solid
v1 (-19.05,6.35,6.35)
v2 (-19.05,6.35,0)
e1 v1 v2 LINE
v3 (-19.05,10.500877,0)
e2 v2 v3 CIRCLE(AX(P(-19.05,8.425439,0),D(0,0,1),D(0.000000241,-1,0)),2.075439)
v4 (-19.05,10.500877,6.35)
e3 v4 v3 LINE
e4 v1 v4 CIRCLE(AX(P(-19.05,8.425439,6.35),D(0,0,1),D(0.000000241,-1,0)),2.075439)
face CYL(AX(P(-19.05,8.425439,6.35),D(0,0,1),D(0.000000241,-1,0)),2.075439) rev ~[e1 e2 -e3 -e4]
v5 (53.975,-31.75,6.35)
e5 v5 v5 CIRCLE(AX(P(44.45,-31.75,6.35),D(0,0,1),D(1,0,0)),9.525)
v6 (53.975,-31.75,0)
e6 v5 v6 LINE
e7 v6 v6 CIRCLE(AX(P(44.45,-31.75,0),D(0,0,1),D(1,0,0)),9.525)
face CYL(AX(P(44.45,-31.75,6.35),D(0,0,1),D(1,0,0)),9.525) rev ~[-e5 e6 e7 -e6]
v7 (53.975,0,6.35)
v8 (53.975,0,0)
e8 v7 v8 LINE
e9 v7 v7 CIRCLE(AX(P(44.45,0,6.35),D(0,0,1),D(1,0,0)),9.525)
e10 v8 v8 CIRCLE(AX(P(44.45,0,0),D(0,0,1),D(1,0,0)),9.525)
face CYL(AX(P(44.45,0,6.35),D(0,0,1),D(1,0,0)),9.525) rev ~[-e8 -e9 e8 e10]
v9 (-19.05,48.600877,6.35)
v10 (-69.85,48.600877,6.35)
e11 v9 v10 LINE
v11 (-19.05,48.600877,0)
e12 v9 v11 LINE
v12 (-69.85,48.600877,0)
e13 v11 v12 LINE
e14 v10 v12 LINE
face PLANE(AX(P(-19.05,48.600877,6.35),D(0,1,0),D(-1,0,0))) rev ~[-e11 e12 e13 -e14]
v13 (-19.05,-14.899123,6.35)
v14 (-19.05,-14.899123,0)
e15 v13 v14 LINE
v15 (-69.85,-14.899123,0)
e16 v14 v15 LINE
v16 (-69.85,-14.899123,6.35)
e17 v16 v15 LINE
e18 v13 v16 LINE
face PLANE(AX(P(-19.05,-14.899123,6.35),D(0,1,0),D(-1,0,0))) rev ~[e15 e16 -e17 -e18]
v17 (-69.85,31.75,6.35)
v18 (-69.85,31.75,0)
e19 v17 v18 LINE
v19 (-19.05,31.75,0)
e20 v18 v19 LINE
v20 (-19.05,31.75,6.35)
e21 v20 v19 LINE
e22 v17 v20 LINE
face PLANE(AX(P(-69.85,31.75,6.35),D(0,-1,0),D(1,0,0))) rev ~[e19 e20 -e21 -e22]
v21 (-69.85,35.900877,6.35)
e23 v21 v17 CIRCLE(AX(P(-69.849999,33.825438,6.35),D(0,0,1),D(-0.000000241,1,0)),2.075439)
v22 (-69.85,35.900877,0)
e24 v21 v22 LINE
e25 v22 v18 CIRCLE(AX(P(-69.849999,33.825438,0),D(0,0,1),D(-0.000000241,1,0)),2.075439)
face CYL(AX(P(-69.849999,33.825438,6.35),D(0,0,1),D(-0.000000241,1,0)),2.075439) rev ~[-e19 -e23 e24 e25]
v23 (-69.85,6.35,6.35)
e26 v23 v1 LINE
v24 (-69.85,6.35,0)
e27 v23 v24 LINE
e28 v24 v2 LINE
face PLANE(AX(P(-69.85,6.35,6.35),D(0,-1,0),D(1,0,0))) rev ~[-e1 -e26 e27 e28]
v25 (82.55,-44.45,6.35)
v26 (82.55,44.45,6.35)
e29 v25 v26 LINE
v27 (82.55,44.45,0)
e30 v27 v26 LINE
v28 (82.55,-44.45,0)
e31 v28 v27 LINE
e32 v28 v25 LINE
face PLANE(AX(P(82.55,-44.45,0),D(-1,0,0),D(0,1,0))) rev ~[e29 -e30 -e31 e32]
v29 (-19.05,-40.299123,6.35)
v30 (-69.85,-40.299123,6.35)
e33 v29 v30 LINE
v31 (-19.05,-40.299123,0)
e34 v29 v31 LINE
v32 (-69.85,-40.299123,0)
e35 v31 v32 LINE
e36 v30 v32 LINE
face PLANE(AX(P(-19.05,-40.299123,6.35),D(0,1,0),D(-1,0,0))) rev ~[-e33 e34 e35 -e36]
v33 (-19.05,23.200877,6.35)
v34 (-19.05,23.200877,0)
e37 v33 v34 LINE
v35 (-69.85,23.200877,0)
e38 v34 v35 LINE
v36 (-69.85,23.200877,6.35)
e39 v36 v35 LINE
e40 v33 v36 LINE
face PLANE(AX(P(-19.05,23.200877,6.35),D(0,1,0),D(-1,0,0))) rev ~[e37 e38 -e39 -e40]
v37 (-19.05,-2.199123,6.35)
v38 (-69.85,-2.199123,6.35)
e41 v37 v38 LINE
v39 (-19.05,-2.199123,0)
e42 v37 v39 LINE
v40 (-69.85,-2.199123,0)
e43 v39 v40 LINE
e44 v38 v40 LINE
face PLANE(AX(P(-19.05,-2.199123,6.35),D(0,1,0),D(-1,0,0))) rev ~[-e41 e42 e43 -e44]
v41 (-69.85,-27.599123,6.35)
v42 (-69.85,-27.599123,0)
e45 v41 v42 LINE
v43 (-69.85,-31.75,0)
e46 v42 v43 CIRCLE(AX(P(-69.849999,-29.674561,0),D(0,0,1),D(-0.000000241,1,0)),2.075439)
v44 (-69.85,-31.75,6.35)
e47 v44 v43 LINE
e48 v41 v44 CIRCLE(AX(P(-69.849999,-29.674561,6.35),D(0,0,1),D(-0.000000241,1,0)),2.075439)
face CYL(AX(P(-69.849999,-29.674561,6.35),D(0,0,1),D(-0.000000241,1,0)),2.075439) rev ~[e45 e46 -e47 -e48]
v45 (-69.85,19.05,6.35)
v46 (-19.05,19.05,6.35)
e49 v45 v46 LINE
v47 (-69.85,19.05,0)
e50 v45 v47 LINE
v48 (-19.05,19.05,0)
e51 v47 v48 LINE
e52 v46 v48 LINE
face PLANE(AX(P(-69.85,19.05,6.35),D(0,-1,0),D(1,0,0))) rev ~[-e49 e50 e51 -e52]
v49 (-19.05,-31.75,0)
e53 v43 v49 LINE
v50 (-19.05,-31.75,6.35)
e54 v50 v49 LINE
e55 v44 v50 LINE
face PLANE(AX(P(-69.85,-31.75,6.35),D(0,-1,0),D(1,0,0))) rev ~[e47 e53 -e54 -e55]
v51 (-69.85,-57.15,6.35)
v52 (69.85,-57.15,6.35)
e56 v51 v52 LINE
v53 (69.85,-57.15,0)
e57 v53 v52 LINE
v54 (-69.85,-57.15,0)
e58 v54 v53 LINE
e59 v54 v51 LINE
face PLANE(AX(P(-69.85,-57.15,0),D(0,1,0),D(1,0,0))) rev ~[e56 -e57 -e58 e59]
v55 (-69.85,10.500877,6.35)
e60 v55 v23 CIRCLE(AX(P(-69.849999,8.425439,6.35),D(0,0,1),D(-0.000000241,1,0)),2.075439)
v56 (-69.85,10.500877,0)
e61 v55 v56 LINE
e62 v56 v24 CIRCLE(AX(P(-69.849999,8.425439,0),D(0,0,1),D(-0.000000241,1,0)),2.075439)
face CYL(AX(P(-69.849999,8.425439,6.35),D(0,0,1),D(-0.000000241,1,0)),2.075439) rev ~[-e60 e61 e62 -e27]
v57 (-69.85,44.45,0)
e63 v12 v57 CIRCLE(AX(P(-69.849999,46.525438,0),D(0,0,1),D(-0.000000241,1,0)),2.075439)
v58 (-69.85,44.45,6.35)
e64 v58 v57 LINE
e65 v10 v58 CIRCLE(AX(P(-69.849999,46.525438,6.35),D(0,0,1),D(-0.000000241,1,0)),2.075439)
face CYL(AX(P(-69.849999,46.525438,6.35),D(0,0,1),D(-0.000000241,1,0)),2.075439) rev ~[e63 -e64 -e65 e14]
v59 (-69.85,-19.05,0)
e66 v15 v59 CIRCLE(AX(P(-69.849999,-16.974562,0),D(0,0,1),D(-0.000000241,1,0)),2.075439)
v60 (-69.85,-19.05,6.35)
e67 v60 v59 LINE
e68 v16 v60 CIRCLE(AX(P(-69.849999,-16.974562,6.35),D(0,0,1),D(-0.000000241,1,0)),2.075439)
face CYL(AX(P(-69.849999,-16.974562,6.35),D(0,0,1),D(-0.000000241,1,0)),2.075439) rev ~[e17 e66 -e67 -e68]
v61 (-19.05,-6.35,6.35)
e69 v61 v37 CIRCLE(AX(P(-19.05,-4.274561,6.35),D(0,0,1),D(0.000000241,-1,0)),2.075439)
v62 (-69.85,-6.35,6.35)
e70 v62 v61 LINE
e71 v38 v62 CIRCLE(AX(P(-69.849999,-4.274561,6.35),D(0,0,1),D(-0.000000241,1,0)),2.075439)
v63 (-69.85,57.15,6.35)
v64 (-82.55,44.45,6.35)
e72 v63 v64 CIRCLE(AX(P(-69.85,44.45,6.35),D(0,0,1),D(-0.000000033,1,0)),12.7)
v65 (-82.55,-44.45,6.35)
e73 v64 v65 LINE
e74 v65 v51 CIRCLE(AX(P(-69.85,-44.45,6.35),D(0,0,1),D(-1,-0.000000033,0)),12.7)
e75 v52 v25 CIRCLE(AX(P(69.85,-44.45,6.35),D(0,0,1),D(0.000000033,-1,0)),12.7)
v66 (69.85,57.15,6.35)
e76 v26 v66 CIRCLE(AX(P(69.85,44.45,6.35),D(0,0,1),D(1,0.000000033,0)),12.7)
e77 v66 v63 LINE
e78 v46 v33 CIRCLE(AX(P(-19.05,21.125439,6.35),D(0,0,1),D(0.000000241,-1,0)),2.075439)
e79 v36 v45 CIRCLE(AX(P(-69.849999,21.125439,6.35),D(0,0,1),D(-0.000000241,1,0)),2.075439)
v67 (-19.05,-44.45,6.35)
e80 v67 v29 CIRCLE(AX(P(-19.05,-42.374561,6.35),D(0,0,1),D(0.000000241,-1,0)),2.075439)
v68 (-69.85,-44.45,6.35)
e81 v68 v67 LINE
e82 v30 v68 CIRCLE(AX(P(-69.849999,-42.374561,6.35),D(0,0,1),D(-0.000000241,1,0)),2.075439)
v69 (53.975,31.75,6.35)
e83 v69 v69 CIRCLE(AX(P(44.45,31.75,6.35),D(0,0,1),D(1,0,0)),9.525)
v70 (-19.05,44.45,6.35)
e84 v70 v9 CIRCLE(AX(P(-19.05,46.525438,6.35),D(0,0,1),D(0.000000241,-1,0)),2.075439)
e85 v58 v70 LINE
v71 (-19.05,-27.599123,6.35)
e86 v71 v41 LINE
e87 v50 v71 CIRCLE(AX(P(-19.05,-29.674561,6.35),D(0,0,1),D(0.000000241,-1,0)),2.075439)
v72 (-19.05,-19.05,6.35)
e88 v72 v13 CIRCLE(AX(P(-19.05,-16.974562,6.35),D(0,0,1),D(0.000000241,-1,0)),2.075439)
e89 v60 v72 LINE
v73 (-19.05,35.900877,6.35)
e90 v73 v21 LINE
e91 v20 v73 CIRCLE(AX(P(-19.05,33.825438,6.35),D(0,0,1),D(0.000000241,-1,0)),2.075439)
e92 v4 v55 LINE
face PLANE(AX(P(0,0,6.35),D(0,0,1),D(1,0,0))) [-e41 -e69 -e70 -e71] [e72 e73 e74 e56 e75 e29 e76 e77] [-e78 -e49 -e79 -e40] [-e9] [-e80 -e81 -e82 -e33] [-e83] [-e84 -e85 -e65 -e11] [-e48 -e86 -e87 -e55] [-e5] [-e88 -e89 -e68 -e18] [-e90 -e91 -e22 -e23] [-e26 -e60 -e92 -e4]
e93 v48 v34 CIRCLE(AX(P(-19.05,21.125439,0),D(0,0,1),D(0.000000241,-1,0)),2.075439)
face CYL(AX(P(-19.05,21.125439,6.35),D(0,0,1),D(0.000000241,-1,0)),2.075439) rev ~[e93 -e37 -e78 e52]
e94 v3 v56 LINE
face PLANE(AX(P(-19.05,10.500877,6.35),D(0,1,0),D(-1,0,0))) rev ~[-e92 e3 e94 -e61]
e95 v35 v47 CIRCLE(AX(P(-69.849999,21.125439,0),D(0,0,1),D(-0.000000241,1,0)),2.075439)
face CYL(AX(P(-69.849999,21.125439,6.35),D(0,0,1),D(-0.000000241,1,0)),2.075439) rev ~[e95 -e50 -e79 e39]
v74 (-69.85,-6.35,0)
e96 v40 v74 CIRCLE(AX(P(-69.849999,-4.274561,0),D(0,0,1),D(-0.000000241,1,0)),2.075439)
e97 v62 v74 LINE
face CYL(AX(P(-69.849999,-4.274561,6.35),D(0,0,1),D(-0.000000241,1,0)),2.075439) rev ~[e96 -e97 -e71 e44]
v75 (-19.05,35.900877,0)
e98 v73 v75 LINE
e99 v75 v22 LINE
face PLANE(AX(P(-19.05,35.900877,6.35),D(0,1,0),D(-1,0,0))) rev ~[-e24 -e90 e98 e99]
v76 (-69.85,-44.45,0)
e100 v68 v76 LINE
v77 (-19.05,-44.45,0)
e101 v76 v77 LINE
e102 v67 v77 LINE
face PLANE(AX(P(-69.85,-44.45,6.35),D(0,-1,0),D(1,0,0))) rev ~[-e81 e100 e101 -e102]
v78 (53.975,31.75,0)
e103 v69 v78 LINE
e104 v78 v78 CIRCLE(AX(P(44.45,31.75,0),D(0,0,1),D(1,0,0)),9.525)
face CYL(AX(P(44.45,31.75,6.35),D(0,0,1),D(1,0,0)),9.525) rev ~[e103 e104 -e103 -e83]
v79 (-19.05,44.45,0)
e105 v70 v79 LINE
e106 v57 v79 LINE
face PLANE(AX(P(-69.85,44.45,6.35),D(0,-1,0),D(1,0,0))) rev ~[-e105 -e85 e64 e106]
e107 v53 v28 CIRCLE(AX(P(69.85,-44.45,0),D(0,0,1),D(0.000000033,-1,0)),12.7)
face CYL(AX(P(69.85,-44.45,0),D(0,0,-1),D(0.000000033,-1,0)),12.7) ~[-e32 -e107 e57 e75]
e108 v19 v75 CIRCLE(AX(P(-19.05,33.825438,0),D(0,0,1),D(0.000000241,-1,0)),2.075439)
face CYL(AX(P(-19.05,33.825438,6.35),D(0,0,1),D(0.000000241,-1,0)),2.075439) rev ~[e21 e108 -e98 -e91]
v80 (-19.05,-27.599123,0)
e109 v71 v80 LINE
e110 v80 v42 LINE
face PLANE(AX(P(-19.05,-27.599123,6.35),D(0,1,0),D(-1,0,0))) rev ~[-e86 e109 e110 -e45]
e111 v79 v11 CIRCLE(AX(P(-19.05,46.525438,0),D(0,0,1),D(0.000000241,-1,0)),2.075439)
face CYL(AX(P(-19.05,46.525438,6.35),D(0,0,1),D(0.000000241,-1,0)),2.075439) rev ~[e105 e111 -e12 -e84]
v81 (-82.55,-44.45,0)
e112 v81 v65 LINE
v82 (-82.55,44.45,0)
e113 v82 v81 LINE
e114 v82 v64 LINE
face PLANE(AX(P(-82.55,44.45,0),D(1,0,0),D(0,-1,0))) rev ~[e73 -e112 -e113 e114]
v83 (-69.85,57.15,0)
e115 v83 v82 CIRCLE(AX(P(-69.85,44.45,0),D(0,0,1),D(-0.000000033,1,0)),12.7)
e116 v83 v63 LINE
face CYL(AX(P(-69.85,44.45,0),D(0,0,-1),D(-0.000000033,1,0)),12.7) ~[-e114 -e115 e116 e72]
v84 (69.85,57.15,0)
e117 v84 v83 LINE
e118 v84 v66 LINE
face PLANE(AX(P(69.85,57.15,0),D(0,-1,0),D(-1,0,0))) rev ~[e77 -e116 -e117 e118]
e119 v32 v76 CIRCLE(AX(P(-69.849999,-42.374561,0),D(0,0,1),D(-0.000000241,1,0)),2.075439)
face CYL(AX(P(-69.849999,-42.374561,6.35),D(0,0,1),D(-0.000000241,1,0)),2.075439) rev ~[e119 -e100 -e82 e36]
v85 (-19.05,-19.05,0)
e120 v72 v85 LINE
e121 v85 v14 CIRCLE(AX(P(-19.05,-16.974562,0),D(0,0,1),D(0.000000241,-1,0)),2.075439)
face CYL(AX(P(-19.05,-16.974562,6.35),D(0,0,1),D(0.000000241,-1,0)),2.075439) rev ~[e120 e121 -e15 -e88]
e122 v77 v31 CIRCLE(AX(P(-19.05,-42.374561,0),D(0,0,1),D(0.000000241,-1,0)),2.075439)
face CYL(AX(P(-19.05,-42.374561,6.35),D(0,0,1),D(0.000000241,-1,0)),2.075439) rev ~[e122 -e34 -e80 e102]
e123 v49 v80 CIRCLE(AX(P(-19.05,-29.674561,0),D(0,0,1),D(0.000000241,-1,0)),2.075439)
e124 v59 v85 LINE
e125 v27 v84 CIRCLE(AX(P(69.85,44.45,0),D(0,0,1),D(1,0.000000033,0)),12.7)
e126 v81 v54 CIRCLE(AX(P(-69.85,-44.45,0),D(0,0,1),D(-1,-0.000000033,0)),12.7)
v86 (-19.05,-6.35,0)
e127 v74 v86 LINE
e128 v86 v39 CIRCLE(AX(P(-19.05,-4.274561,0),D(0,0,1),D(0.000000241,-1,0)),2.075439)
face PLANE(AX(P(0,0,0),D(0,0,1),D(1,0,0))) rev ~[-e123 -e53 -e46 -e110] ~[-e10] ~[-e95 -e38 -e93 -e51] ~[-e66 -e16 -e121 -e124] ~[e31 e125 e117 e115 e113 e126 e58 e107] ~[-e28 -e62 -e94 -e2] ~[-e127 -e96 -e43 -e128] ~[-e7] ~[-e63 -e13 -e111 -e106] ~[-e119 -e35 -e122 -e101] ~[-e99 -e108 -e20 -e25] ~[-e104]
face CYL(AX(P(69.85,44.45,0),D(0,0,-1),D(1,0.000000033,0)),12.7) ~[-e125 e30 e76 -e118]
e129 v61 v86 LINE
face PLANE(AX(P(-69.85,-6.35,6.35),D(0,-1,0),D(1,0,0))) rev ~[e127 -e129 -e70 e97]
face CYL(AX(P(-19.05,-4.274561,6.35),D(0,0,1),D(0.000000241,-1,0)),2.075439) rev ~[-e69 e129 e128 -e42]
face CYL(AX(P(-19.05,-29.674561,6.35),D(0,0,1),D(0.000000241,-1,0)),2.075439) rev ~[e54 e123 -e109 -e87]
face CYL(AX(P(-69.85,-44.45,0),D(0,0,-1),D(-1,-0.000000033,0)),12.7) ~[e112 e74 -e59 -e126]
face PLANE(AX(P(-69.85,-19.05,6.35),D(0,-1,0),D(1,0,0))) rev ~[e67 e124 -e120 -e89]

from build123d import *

# Parameters (mm, degrees)
F1_DEPTH = 6.35
F3_DEPTH = 6.351
F4_R     = 9.525
F5_DEPTH = 6.351


with BuildPart() as f1:
    # F0 (on Top) → F1 (new body)
    with BuildSketch(Plane.XY):
        with BuildLine():
            ThreePointArc((82.55, 44.45), (78.830256, 53.430256), (69.85, 57.15))
            Line((69.85, 57.15), (-69.85, 57.15))
            ThreePointArc((-69.85, 57.15), (-78.830256, 53.430256), (-82.55, 44.45))
            Line((-82.55, 44.45), (-82.55, -44.45))
            ThreePointArc((-82.55, -44.45), (-78.830256, -53.430256), (-69.85, -57.15))
            Line((-69.85, -57.15), (69.85, -57.15))
            ThreePointArc((69.85, -57.15), (78.830256, -53.430256), (82.55, -44.45))
            Line((82.55, -44.45), (82.55, 44.45))
        make_face()
    extrude(amount=F1_DEPTH)

    # F2 (on face) → F3 (cut, through all)
    with BuildSketch(Plane.XY.offset(6.35)):
        with BuildLine():
            ThreePointArc((-69.85, -40.299123), (-71.925438, -42.374562), (-69.85, -44.45))
            Line((-69.85, -44.45), (-19.05, -44.45))
            ThreePointArc((-19.05, -44.45), (-16.974562, -42.374562), (-19.05, -40.299123))
            Line((-19.05, -40.299123), (-69.85, -40.299123))
        make_face()
        with BuildLine():
            Line((-19.05, -27.599123), (-69.85, -27.599123))
            ThreePointArc((-69.85, -27.599123), (-71.925438, -29.674562), (-69.85, -31.75))
            Line((-69.85, -31.75), (-19.05, -31.75))
            ThreePointArc((-19.05, -31.75), (-16.974562, -29.674562), (-19.05, -27.599123))
        make_face()
        with BuildLine():
            Line((-19.05, -14.899123), (-69.85, -14.899123))
            ThreePointArc((-69.85, -14.899123), (-71.925438, -16.974562), (-69.85, -19.05))
            Line((-69.85, -19.05), (-19.05, -19.05))
            ThreePointArc((-19.05, -19.05), (-16.974562, -16.974562), (-19.05, -14.899123))
        make_face()
        with BuildLine():
            Line((-19.05, -2.199123), (-69.85, -2.199123))
            ThreePointArc((-69.85, -2.199123), (-71.925438, -4.274562), (-69.85, -6.35))
            Line((-69.85, -6.35), (-19.05, -6.35))
            ThreePointArc((-19.05, -6.35), (-16.974562, -4.274562), (-19.05, -2.199123))
        make_face()
        with BuildLine():
            Line((-19.05, 10.500877), (-69.85, 10.500877))
            ThreePointArc((-69.85, 10.500877), (-71.925438, 8.425438), (-69.85, 6.35))
            Line((-69.85, 6.35), (-19.05, 6.35))
            ThreePointArc((-19.05, 6.35), (-16.974562, 8.425438), (-19.05, 10.500877))
        make_face()
        with BuildLine():
            Line((-19.05, 23.200877), (-69.85, 23.200877))
            ThreePointArc((-69.85, 23.200877), (-71.925438, 21.125438), (-69.85, 19.05))
            Line((-69.85, 19.05), (-19.05, 19.05))
            ThreePointArc((-19.05, 19.05), (-16.974562, 21.125438), (-19.05, 23.200877))
        make_face()
        with BuildLine():
            Line((-19.05, 35.900877), (-69.85, 35.900877))
            ThreePointArc((-69.85, 35.900877), (-71.925438, 33.825438), (-69.85, 31.75))
            Line((-69.85, 31.75), (-19.05, 31.75))
            ThreePointArc((-19.05, 31.75), (-16.974562, 33.825438), (-19.05, 35.900877))
        make_face()
        with BuildLine():
            Line((-19.05, 48.600877), (-69.85, 48.600877))
            ThreePointArc((-69.85, 48.600877), (-71.925438, 46.525438), (-69.85, 44.45))
            Line((-69.85, 44.45), (-19.05, 44.45))
            ThreePointArc((-19.05, 44.45), (-16.974562, 46.525438), (-19.05, 48.600877))
        make_face()
    extrude(amount=-F3_DEPTH, mode=Mode.SUBTRACT)

    # F4 (on face) → F5 (cut, through all)
    with BuildSketch(Plane.XY.offset(6.35)):
        with Locations((44.45, 0)):
            Circle(F4_R)
        with Locations((44.45, -31.75)):
            Circle(F4_R)
        with Locations((44.45, 31.75)):
            Circle(F4_R)
    extrude(amount=-F5_DEPTH, mode=Mode.SUBTRACT)


solid = f1.part
